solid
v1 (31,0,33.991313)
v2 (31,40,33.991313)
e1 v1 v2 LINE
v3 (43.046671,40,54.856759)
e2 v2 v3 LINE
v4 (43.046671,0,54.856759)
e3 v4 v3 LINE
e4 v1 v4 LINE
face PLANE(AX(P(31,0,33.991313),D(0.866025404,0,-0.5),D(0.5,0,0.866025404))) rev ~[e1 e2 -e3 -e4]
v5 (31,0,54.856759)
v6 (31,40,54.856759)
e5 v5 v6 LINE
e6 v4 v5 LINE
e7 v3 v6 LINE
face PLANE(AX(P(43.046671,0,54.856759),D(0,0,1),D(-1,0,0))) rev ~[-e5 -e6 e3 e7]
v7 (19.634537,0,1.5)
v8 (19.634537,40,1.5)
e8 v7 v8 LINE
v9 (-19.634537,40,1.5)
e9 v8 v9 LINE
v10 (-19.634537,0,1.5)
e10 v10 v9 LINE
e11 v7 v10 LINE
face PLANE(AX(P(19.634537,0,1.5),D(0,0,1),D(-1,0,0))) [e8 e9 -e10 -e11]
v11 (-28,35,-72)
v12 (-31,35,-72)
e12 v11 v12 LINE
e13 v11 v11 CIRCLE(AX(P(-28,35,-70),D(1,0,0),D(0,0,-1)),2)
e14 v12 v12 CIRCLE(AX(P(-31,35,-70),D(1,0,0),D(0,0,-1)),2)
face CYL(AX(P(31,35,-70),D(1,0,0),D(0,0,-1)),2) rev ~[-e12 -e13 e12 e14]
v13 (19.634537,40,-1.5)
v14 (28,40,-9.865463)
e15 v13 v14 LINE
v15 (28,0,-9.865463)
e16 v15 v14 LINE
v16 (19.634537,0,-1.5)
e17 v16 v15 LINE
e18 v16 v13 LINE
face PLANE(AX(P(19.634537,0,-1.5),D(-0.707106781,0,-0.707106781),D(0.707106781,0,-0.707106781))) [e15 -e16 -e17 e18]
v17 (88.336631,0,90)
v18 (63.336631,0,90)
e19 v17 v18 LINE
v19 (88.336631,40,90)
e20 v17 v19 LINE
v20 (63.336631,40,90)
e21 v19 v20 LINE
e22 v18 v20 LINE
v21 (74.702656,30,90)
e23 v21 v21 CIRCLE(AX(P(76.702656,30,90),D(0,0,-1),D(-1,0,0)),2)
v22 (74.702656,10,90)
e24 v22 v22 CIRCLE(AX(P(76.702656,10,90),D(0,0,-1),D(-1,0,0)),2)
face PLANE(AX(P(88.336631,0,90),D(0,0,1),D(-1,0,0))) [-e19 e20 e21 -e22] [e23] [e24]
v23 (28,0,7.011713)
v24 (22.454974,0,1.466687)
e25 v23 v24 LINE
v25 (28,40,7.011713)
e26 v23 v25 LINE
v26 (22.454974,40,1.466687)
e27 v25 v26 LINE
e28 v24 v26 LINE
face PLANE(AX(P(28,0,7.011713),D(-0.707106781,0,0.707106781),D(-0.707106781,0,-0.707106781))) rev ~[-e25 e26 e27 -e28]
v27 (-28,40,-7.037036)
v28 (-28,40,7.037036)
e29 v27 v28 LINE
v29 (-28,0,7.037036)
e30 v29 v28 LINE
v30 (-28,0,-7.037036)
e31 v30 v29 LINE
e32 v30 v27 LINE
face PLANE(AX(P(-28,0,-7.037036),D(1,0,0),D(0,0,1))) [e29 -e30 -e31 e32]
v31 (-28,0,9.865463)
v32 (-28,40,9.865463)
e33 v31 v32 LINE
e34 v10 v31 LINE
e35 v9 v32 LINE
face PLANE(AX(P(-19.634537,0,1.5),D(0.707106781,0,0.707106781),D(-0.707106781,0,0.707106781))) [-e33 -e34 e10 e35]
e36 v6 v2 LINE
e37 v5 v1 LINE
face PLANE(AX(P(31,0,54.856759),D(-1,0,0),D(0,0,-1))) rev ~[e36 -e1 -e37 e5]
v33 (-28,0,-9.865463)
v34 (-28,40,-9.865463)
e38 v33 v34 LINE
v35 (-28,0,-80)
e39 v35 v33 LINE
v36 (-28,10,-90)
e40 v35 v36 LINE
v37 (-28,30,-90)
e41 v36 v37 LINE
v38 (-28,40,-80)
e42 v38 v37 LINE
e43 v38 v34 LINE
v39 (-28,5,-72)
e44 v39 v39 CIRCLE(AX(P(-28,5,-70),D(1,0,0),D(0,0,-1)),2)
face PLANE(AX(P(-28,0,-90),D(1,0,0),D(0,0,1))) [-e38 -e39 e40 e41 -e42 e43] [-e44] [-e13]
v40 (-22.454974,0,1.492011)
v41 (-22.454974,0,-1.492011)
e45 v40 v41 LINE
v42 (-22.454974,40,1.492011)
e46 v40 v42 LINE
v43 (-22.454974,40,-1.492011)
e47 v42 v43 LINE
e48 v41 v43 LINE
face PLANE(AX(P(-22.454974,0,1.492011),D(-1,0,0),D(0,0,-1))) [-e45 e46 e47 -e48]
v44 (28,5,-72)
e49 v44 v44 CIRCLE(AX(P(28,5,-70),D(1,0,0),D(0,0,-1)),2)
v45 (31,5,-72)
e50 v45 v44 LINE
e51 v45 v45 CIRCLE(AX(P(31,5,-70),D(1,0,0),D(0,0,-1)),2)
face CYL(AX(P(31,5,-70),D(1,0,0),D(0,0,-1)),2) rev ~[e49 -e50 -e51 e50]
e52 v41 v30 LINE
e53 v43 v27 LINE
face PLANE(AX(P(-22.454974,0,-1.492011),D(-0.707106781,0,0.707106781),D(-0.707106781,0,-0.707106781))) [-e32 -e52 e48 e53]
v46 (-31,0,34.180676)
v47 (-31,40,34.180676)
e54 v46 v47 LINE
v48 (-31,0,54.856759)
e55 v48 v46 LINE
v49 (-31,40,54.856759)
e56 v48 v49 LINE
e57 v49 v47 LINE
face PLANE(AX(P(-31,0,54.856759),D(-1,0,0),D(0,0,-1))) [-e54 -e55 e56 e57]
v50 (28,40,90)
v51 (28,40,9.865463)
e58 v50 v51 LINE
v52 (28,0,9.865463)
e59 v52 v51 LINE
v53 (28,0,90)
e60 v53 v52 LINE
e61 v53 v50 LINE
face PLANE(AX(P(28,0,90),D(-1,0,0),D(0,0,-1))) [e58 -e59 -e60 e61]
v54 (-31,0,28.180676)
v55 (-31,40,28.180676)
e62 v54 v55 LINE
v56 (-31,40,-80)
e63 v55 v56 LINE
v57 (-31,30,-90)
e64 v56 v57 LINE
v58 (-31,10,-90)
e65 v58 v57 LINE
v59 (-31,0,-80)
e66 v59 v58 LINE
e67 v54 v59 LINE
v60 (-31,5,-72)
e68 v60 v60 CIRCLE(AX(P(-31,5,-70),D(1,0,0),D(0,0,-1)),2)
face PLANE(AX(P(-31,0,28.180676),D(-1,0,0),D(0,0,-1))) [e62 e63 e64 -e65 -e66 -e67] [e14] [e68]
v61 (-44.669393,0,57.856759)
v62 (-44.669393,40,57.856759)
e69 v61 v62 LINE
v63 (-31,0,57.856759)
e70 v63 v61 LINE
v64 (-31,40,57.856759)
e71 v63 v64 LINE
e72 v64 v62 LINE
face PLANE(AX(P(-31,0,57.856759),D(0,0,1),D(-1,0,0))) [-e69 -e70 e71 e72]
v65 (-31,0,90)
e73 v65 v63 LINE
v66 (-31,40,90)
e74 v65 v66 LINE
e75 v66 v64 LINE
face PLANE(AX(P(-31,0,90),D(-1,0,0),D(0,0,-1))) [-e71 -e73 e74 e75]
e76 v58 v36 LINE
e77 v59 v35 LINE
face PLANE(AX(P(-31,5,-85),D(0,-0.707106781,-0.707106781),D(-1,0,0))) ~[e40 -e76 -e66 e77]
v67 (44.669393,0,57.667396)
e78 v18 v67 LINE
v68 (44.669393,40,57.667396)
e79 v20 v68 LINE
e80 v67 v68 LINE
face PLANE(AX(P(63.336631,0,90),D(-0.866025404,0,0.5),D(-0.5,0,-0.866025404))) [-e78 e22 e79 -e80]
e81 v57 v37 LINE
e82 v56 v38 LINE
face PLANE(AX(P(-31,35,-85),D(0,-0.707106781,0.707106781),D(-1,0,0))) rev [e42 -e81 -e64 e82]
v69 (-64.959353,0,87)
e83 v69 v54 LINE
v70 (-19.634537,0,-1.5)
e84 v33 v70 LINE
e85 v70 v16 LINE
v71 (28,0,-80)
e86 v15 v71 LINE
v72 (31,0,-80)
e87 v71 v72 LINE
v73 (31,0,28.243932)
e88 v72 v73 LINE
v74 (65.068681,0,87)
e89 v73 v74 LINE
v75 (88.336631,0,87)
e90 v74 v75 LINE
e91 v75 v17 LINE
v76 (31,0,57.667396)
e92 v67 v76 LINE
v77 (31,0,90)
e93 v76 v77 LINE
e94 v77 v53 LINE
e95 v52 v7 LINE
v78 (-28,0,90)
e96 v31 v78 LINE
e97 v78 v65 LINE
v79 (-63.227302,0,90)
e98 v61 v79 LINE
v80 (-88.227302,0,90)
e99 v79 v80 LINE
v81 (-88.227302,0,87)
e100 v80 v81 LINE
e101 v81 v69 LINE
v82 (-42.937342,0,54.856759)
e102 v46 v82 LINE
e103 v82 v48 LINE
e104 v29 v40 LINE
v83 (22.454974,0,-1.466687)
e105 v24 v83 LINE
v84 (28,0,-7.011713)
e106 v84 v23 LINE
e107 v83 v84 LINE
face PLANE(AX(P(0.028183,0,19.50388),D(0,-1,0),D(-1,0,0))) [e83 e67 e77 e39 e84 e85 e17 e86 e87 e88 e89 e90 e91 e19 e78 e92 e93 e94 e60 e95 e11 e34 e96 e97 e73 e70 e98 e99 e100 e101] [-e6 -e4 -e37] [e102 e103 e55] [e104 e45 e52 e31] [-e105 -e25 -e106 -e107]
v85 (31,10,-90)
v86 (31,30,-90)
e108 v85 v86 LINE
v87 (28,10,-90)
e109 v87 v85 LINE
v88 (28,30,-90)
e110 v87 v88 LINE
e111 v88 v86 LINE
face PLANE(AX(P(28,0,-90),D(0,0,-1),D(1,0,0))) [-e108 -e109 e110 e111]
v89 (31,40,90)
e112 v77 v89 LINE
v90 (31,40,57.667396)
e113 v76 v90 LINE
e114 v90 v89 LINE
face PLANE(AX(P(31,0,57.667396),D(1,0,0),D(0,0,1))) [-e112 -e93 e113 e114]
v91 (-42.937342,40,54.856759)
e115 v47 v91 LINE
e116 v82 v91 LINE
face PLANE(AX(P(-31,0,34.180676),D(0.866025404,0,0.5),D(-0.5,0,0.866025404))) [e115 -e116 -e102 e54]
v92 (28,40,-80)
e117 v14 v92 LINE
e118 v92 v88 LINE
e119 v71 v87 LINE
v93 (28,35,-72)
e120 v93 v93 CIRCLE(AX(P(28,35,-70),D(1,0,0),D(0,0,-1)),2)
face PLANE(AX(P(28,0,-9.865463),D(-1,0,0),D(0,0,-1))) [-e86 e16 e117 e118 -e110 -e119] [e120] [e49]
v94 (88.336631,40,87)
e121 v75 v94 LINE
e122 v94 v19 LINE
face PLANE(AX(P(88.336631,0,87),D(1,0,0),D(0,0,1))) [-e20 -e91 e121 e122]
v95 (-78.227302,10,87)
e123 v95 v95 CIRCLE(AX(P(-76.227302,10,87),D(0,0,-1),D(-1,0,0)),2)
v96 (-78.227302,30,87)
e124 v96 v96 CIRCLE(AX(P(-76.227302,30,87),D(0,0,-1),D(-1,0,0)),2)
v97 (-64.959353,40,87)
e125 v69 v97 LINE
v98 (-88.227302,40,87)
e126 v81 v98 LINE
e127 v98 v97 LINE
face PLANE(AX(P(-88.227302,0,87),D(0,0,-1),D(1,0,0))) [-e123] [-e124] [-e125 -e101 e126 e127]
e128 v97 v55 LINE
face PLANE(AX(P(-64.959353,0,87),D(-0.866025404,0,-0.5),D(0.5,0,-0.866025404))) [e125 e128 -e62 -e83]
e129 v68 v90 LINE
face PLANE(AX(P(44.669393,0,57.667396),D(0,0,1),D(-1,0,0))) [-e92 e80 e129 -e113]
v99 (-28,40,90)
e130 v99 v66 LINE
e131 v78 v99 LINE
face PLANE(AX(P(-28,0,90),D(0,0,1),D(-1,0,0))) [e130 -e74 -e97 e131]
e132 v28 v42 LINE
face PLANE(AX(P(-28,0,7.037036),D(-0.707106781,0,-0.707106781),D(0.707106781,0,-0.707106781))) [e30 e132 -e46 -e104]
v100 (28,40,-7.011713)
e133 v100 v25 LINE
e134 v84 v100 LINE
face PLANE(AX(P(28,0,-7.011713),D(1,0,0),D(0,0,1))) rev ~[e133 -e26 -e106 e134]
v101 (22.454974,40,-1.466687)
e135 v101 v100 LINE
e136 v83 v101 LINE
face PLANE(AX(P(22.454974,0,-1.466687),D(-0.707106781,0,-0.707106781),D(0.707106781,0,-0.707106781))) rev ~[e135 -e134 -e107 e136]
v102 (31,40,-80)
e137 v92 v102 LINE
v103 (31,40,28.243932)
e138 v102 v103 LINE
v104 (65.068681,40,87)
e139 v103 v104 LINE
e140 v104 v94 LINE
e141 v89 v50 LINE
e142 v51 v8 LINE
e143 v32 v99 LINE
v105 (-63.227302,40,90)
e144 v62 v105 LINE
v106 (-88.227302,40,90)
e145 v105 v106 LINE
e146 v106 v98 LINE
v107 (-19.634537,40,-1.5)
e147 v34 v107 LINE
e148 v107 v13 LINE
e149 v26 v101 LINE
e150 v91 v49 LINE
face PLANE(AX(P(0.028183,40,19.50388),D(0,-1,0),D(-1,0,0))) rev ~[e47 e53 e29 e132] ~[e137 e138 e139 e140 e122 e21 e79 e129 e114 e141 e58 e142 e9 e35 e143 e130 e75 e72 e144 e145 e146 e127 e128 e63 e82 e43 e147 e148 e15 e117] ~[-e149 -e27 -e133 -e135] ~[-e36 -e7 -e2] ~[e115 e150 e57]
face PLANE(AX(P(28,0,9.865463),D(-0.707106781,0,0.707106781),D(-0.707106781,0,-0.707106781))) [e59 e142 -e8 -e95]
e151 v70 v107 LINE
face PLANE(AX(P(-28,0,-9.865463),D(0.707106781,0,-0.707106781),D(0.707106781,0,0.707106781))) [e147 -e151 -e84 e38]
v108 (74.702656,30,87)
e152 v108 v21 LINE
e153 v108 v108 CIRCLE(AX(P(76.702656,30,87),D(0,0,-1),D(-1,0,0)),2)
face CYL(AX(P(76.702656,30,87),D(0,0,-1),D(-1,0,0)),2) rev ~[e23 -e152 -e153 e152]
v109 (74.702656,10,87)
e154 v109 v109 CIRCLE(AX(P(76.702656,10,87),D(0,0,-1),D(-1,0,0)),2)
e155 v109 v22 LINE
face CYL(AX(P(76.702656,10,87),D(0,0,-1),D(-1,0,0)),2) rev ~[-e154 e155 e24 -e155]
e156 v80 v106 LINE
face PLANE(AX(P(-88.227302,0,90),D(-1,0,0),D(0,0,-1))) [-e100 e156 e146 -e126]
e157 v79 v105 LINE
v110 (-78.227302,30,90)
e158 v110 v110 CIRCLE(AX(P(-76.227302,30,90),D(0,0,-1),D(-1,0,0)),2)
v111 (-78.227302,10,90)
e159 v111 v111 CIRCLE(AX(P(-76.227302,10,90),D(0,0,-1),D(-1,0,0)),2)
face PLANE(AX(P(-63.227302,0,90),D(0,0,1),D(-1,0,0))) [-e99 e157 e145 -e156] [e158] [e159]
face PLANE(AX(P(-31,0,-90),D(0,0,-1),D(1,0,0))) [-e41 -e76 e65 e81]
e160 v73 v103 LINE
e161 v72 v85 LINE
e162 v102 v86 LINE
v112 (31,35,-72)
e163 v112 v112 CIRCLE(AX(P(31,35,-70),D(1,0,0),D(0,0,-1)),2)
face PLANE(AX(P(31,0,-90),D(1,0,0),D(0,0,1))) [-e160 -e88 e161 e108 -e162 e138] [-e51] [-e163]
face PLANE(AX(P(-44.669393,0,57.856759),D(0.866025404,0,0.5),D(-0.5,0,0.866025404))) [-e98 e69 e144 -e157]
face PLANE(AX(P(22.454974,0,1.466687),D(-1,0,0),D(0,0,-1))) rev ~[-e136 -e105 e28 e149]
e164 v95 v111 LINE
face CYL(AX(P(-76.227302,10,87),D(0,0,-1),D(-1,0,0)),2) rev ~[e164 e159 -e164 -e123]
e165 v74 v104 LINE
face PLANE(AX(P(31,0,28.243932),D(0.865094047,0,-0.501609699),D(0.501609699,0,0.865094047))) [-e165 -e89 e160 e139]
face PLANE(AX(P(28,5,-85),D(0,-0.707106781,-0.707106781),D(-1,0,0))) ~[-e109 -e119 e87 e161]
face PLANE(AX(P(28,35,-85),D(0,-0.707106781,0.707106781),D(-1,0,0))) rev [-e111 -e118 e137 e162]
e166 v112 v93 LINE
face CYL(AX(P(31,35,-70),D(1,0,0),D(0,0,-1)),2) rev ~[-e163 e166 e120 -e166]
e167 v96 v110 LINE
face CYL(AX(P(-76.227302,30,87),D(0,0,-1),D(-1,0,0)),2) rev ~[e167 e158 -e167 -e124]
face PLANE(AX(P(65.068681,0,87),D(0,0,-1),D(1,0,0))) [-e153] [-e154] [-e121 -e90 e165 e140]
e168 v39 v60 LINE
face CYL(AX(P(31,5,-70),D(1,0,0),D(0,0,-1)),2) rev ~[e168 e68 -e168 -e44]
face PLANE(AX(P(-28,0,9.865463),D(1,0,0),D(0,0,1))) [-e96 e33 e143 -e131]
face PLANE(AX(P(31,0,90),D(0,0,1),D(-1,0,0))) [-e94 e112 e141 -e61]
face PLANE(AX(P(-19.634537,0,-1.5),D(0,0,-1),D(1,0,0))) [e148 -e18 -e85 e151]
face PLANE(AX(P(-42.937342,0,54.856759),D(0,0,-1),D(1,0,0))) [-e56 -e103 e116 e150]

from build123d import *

# Parameters (mm, degrees)
SALIENTE_EXTRUIR1_DEPTH = 40
CROQUIS2_R              = 2
CORTAR_EXTRUIR1_DEPTH   = 155.645237674
CHAFL_N1_SIZE           = 10
CROQUIS3_R              = 2
CORTAR_EXTRUIR2_DEPTH   = 202.82259614


with BuildPart() as part:
    # Croquis1 → Saliente-Extruir1 (new body)
    with BuildSketch(Plane(origin=(0, 0, 0), x_dir=(1, 0, 0), z_dir=(0, 1, 0))):
        Polygon((-28, 9.865463386), (-19.634536614, 1.5), (19.634536614, 1.5), (28, 9.865463386), (28, 90), (31, 90), (31, -28.243932152), (65.068681447, -87), (88.33663064, -87), (88.33663064, -90), (63.33663064, -90), (44.669393136, -57.667396206), (31, -57.667396206), (31, -90), (28, -90), (28, -9.865463386), (19.634536614, -1.5), (-19.634536614, -1.5), (-28, -9.865463386), (-28, -90), (-31, -90), (-31, -57.856759015), (-44.669393136, -57.856759015), (-63.227301971, -90), (-88.227301971, -90), (-88.227301971, -87), (-64.959352778, -87), (-31, -28.180675596), (-31, 90), (-28, 90), align=None)
        Polygon((-28, -7.037036261), (-22.454974268, -1.492010529), (-22.454974268, 1.492010529), (-28, 7.037036261), align=None, mode=Mode.SUBTRACT)
        Polygon((28, -7.011712537), (22.454974268, -1.466686806), (22.454974268, 1.466686806), (28, 7.011712537), align=None, mode=Mode.SUBTRACT)
        Polygon((31, -33.991312786), (43.046670997, -54.856759015), (31, -54.856759015), align=None, mode=Mode.SUBTRACT)
        Polygon((-31, -34.180675596), (-42.937342328, -54.856759015), (-31, -54.856759015), align=None, mode=Mode.SUBTRACT)
    extrude(amount=SALIENTE_EXTRUIR1_DEPTH)

    # Croquis2 → Cortar-Extruir1 (cut, through all)
    with BuildSketch(Plane(origin=(31, 0, 0), x_dir=(0, 0, -1), z_dir=(1, 0, 0))):
        with Locations((70, 35)):
            Circle(CROQUIS2_R)
        with Locations((70, 5)):
            Circle(CROQUIS2_R)
    extrude(amount=-CORTAR_EXTRUIR1_DEPTH, mode=Mode.SUBTRACT)

    # Chaflán1
    chafl_n1_edges = [part.edges().sort_by_distance(p)[0] for p in [
        (29.5, 40, -90),
        (-29.5, 40, -90),
        (29.5, 0, -90),
        (-29.5, 0, -90),
    ]]
    chamfer(chafl_n1_edges, length=CHAFL_N1_SIZE)

    # Croquis3 → Cortar-Extruir2 (cut, through all)
    with BuildSketch(Plane(origin=(0, 0, 87), x_dir=(-1, 0, 0), z_dir=(0, 0, -1))):
        with Locations((-76.702656044, 30)):
            Circle(CROQUIS3_R)
        with Locations((-76.702656044, 10)):
            Circle(CROQUIS3_R)
        with Locations((76.227301971, 30)):
            Circle(CROQUIS3_R)
        with Locations((76.227301971, 10)):
            Circle(CROQUIS3_R)
    extrude(amount=-CORTAR_EXTRUIR2_DEPTH, mode=Mode.SUBTRACT)


solid = part.part
